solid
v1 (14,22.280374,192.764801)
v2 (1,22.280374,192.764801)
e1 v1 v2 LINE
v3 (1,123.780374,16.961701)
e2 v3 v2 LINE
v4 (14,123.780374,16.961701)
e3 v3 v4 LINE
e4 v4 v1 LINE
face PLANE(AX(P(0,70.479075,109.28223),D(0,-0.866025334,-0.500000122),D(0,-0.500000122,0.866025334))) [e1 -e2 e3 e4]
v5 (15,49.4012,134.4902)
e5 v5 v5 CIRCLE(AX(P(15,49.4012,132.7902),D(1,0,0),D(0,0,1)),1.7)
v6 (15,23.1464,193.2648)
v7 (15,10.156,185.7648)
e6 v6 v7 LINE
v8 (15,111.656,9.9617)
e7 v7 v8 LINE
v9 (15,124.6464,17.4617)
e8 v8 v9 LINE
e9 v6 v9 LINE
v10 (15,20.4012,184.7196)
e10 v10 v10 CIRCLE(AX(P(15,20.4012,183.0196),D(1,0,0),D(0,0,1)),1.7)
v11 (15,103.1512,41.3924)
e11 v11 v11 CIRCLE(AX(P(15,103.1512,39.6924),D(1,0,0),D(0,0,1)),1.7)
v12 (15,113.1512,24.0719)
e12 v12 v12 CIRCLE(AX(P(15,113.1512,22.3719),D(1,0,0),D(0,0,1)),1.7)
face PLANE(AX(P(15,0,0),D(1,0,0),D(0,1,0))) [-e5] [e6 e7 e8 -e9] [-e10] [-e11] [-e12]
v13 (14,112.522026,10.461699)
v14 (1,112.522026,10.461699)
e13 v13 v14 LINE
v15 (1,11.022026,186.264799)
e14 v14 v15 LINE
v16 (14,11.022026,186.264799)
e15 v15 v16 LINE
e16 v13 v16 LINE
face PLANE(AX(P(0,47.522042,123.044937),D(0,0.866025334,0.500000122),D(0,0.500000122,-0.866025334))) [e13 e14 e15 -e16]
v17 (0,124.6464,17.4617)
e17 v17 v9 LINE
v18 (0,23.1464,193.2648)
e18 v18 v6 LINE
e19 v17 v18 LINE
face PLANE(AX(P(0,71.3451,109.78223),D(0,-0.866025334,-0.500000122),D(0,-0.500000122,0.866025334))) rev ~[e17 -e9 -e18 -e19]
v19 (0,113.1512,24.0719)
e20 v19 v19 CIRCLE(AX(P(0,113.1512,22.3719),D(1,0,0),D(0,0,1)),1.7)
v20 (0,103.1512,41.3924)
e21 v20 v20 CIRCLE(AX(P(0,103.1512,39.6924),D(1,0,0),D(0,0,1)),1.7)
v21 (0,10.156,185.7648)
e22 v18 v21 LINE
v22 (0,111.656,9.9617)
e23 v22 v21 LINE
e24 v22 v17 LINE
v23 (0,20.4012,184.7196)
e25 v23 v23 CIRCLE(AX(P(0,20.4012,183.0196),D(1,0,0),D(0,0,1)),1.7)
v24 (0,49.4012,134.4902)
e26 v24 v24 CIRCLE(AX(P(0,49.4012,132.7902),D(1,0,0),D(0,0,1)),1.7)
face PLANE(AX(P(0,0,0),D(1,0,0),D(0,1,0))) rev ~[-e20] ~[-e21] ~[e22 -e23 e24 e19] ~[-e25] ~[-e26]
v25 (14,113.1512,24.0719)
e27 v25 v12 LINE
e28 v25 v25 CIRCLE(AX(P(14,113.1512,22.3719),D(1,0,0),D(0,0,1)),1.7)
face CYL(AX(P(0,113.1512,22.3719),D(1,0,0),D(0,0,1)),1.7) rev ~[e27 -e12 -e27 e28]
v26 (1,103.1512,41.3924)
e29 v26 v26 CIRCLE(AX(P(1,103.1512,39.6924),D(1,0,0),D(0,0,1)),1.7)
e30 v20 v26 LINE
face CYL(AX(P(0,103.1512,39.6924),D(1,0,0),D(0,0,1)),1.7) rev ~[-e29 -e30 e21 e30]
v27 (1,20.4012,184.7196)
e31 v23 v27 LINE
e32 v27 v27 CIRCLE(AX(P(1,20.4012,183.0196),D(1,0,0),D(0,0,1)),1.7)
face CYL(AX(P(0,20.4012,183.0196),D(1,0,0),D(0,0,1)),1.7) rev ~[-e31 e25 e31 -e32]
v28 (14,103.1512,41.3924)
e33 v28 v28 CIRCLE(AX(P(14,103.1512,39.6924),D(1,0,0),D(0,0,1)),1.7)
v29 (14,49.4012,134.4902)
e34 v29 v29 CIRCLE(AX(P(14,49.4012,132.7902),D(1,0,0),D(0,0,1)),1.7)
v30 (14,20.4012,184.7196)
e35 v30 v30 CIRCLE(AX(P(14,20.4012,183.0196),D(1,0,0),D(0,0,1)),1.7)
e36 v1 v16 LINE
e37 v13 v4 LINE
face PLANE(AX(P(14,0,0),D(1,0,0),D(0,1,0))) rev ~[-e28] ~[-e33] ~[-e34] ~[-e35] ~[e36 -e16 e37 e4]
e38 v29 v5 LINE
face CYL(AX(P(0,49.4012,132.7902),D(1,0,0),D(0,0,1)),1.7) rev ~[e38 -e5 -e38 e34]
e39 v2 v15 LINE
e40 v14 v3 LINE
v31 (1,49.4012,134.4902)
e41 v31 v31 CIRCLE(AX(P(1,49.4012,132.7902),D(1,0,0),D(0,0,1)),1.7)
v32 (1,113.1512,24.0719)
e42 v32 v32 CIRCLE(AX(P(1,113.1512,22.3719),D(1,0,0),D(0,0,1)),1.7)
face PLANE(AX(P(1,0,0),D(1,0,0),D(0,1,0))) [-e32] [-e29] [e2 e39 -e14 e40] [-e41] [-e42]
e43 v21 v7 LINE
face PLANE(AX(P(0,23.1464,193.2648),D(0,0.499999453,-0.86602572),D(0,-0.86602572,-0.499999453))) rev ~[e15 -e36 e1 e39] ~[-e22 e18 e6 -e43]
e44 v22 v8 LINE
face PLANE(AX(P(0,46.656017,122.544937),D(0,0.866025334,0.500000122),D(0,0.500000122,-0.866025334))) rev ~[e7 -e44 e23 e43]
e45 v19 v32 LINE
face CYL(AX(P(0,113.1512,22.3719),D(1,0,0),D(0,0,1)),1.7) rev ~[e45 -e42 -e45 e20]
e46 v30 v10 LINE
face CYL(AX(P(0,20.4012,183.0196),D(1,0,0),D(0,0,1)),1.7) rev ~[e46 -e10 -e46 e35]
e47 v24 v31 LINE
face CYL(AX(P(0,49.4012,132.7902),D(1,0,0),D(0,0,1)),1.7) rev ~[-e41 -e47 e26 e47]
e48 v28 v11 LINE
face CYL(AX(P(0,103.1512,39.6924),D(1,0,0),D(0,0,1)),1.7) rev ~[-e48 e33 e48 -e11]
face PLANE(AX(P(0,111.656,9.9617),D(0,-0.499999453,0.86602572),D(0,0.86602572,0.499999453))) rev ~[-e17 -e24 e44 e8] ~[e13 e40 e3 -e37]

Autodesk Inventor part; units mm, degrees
ref_plane "YZ Plane" through (0, 0, 0) normal (1, 0, 0) x (0, 1, 0)
ref_plane "XZ Plane" through (0, 0, 0) normal (0, 1, 0) x (-1, 0, 0)
ref_plane "XY Plane" through (0, 0, 0) normal (0, 0, 1) x (1, 0, 0)
sketch "スケッチ1" plane through (0, 0, 0) normal (1, 0, 0) x (0, 1, 0)
  circle A0 centre (71.3451, 9.7822) radius 120
  line L0 (71.3451, 9.7822) -> (-260.1174, 9.7822) construction
  line L1 (138.8451, -107.1313) -> (-63.6549, 9.7822)
  circle A1 centre (71.3451, 9.7822) radius 5
  line L2 (71.3451, 9.7822) -> (138.8451, 126.6956) construction
  line L3 (71.3451, 9.7822) -> (138.8451, -107.1313) construction
  line L4 (71.3451, 9.7822) -> (-63.6549, 9.7822)
  line L5 (88.381, 47.2892) -> (83.381, 38.629) construction
  line L6 (83.381, 38.629) -> (86.8451, 36.629) construction
  line L7 (86.8451, 36.629) -> (91.8451, 45.2892) construction
  line L8 (91.8451, 45.2892) -> (88.381, 47.2892)
  line L9 (91.8451, 45.2892) -> (86.8451, 36.629) construction
  line L10 (86.8451, 36.629) -> (90.3092, 34.629) construction
  line L11 (90.3092, 34.629) -> (95.3092, 43.2892) construction
  line L12 (95.3092, 43.2892) -> (91.8451, 45.2892)
  line L13 (85.881, 42.9591) -> (92.8092, 38.9591) construction
  circle A2 centre (71.3451, 9.7822) radius 2.65 construction
  line L14 (88.1645, 47.4142) -> (81.6645, 36.1559) construction
  line L15 (81.6645, 36.1559) -> (77.3344, 38.6559) construction
  line L16 (77.3344, 38.6559) -> (83.8344, 49.9142) construction
  line L17 (83.8344, 49.9142) -> (88.1645, 47.4142)
  line L18 (95.5257, 43.1642) -> (89.0257, 31.9059) construction
  line L19 (89.0257, 31.9059) -> (93.3559, 29.4059) construction
  line L20 (93.3559, 29.4059) -> (99.8559, 40.6642) construction
  line L21 (99.8559, 40.6642) -> (95.5257, 43.1642)
  circle A3 centre (71.3451, 9.7822) radius 28.3207 construction
  line L22 (30.3451, 19.0322) -> (30.3451, 14.0322)
  line L23 (30.3451, 14.0322) -> (43.3451, 14.0322) construction
  line L24 (43.3451, 19.0322) -> (30.3451, 19.0322) construction
  line L25 (43.3451, 14.0322) -> (43.3451, 19.0322)
  line L26 (30.3451, 5.5322) -> (43.3451, 5.5322) construction
  line L27 (30.3451, 0.5322) -> (30.3451, 5.5322)
  line L28 (43.3451, 0.5322) -> (30.3451, 0.5322) construction
  line L29 (43.3451, 5.5322) -> (43.3451, 0.5322)
  line L30 (83.8344, -30.3499) -> (88.1645, -27.8499)
  line L31 (88.1645, -27.8499) -> (81.6645, -16.5915) construction
  line L32 (77.3344, -19.0915) -> (83.8344, -30.3499) construction
  line L33 (81.6645, -16.5915) -> (77.3344, -19.0915) construction
  line L34 (95.5257, -23.5999) -> (89.0257, -12.3415) construction
  line L35 (99.8559, -21.0999) -> (95.5257, -23.5999)
  line L36 (93.3559, -9.8415) -> (99.8559, -21.0999) construction
  line L37 (89.0257, -12.3415) -> (93.3559, -9.8415) construction
  line L38 (77.3344, 38.6559) -> (76.7181, 37.5885)
  line L39 (93.3559, 29.4059) -> (92.7396, 28.3385) construction
  line L40 (43.3451, 19.0322) -> (44.5776, 19.0322)
  line L41 (43.3451, 0.5322) -> (44.5776, 0.5322)
  line L42 (77.3344, -19.0915) -> (73.5386, -12.517) construction
  line L43 (93.3559, -9.8415) -> (92.7396, -8.7742) construction
  line L44 (84.956, 41.3569) -> (74.956, 24.0364) construction
  line L45 (74.956, 24.0364) -> (69.7599, 27.0364) construction
  line L46 (69.7599, 27.0364) -> (79.7599, 44.3569) construction
  line L47 (79.7599, 44.3569) -> (84.956, 41.3569)
  circle A4 centre (74.8579, 29.8666) radius 1.5
  circle A5 centre (79.8579, 38.5268) radius 1.5
  circle A6 centre (86.9823, 22.8666) radius 1.5
  circle A7 centre (91.9823, 31.5268) radius 1.5
  circle A8 centre (42.1951, 16.7822) radius 1.5
  circle A9 centre (52.1951, 16.7822) radius 1.5
  circle A10 centre (52.1951, 2.7822) radius 1.5
  circle A11 centre (42.1951, 2.7822) radius 1.5
  circle A12 centre (79.8579, -18.9625) radius 1.5
  circle A13 centre (74.8579, -10.3022) radius 1.5
  circle A14 centre (86.9823, -3.3022) radius 1.5
  circle A15 centre (91.9823, -11.9625) radius 1.5
  line L48 (72.3579, 25.5364) -> (84.956, 41.3569) construction
  circle A16 centre (71.3451, 9.7822) radius 34.3835
  line L49 (63.3451, 56.7822) -> (-116.6549, 56.7822) construction
  line L50 (-116.6549, 56.7822) -> (-116.6549, 41.7822)
  line L51 (-116.6549, 41.7822) -> (63.3451, 41.7822) construction
  line L52 (63.3451, 41.7822) -> (63.3451, 56.7822) construction
  circle A17 centre (53.3451, 49.2822) radius 1.5 construction
  circle A18 centre (43.3451, 49.2822) radius 1.5 construction
  line L53 (36.9617, 56.7822) -> (36.9617, 9.7822) construction
  line L54 (63.3451, 56.7822) -> (90.6652, 38.2244) construction
  line L55 (36.9617, -37.2178) -> (36.9617, 9.7822) construction
  line L56 (63.3451, -37.2178) -> (90.6652, -18.66) construction
  line L57 (63.3451, -37.2178) -> (-116.6549, -37.2178) construction
  line L58 (-116.6549, -22.2178) -> (63.3451, -22.2178) construction
  circle A19 centre (43.3451, -29.7178) radius 1.5 construction
  circle A20 centre (53.3451, -29.7178) radius 1.5 construction
  line L59 (71.3451, 9.7822) -> (54.1534, 39.5591)
  line L60 (62.8136, 44.5591) -> (45.4931, 34.5591)
  line L61 (45.4931, 34.5591) -> (50.4931, 25.8989)
  line L62 (50.4931, 25.8989) -> (67.8136, 35.8989)
  line L63 (67.8136, 35.8989) -> (62.8136, 44.5591)
  circle A21 centre (60.9835, 37.729) radius 1.5
  circle A22 centre (52.3233, 32.729) radius 1.5
  circle A23 centre (52.3233, -13.1647) radius 1.5
  circle A24 centre (60.9835, -18.1647) radius 1.5
  circle A25 centre (100.7286, 4.7822) radius 1.5
  circle A26 centre (100.7286, 14.7822) radius 1.5
  circle A27 centre (71.3451, 9.7822) radius 193.5
  line L64 (-121.5196, 25.4487) -> (154.2099, 184.6412)
  line L65 (71.3451, 9.7822) -> (11.3451, 113.7052)
  line L66 (71.3451, 9.7822) -> (71.3451, 203.2822)
  line L67 (124.6464, 17.4617) -> (23.1464, 193.2648)
  line L68 (23.1464, 193.2648) -> (10.156, 185.7648)
  line L69 (10.156, 185.7648) -> (111.656, 9.9617)
  line L70 (111.656, 9.9617) -> (124.6464, 17.4617)
  circle A28 centre (49.4012, 132.7902) radius 1.5
  circle A29 centre (20.4012, 183.0196) radius 1.5
  circle A30 centre (62.2784, 25.4862) radius 1.5
  circle A31 centre (71.3451, 9.7822) radius 12.5
  circle A32 centre (62.2784, -5.9219) radius 1.5
  circle A33 centre (89.4786, 9.7822) radius 1.5
  circle A34 centre (113.1512, 22.3719) radius 1.5
  circle A35 centre (103.1512, 39.6924) radius 1.5
  circle A36 centre (71.3451, 9.7822) radius 24.3835
  line L71 (124.6464, 17.4617) -> (93.4246, -0.5642)
  line L72 (104.6464, 52.1027) -> (73.4246, 34.0768)
  line L73 (18.0439, 2.1027) -> (49.2656, 20.1286)
  circle A37 centre (29.539, -2.8076) radius 1.5
  circle A38 centre (39.539, -20.1281) radius 1.5
  line L74 (38.0439, -32.5383) -> (-63.4561, 143.2648)
  line L75 (51.0342, -25.0383) -> (38.0439, -32.5383)
  line L76 (38.0439, -32.5383) -> (69.2656, -14.5125)
  point P0 (0, 0)
  point P1 (90.9669, 45.7962)
  point P2 (92.3451, 45.0005)
  point P3 (91.656, 44.6027)
  dimension "d4" = 3
  dimension "d5" = 3
  dimension "d6" = 10
  dimension "d7" = 10
  dimension "d8" = 7.5
  dimension "d9" = 7.5
  dimension "d10" = 60
  dimension "d11" = 10
  dimension "d12" = 10
  dimension "d13" = 10
  dimension "d14" = 3
  dimension "d15" = 5
  dimension "d16" = 5
  dimension "d17" = 360
  dimension "d18" = 387
  dimension "d19" = 110
  dimension "d20" = 60
  dimension "d21" = 15
  dimension "d22" = 73
  dimension "d23" = 3
  dimension "d24" = 3
  dimension "d25" = 7.5
  dimension "d26" = 7.5
  dimension "d27" = 7.5
  dimension "d28" = 7.5
  dimension "d29" = 3
  dimension "d30" = 25
  dimension "d31" = 6.25
  dimension "d32" = 360
  dimension "d33" = 20
  dimension "d34" = 3
  dimension "d35" = 3
  dimension "d36" = 10
  dimension "d37" = 7.5
  dimension "d38" = 7.5
  dimension "d39" = 20
  dimension "d40" = 35
  dimension "d41" = 10
extrude "押し出し1" add sketch "スケッチ1" along normal blind 15 contours L67 L66 L69 L64 A0 | A0 L64 L67 | L67 L72 L12 L8 L69 L66 | L64 L69 A0 | A0 L69 L68 L67 L64 | L67 L70 L69 L72 | L8 L12 L72 L69 | A28 | A29 | A34 | A35
shell "シェル1" thickness 1 removed faces 2 at (5, 18.8163, 190.7648) at (5, 115.9861, 12.4617)
hole "穴1" at (0, 138.8451, 126.6956) at (0, -63.6549, 9.7822) at (0, 138.8451, -107.1313) at (0, 20.4012, 183.0196) at (0, 49.4012, 132.7902) at (0, 103.1512, 39.6924) at (0, 113.1512, 22.3719) direction (1, 0, 0) diameter 3.4 end through all
equation "\"d9\" = d8"
properties part number "hand-grab-v3-ASP_1" material "アルミニウム 6061"
